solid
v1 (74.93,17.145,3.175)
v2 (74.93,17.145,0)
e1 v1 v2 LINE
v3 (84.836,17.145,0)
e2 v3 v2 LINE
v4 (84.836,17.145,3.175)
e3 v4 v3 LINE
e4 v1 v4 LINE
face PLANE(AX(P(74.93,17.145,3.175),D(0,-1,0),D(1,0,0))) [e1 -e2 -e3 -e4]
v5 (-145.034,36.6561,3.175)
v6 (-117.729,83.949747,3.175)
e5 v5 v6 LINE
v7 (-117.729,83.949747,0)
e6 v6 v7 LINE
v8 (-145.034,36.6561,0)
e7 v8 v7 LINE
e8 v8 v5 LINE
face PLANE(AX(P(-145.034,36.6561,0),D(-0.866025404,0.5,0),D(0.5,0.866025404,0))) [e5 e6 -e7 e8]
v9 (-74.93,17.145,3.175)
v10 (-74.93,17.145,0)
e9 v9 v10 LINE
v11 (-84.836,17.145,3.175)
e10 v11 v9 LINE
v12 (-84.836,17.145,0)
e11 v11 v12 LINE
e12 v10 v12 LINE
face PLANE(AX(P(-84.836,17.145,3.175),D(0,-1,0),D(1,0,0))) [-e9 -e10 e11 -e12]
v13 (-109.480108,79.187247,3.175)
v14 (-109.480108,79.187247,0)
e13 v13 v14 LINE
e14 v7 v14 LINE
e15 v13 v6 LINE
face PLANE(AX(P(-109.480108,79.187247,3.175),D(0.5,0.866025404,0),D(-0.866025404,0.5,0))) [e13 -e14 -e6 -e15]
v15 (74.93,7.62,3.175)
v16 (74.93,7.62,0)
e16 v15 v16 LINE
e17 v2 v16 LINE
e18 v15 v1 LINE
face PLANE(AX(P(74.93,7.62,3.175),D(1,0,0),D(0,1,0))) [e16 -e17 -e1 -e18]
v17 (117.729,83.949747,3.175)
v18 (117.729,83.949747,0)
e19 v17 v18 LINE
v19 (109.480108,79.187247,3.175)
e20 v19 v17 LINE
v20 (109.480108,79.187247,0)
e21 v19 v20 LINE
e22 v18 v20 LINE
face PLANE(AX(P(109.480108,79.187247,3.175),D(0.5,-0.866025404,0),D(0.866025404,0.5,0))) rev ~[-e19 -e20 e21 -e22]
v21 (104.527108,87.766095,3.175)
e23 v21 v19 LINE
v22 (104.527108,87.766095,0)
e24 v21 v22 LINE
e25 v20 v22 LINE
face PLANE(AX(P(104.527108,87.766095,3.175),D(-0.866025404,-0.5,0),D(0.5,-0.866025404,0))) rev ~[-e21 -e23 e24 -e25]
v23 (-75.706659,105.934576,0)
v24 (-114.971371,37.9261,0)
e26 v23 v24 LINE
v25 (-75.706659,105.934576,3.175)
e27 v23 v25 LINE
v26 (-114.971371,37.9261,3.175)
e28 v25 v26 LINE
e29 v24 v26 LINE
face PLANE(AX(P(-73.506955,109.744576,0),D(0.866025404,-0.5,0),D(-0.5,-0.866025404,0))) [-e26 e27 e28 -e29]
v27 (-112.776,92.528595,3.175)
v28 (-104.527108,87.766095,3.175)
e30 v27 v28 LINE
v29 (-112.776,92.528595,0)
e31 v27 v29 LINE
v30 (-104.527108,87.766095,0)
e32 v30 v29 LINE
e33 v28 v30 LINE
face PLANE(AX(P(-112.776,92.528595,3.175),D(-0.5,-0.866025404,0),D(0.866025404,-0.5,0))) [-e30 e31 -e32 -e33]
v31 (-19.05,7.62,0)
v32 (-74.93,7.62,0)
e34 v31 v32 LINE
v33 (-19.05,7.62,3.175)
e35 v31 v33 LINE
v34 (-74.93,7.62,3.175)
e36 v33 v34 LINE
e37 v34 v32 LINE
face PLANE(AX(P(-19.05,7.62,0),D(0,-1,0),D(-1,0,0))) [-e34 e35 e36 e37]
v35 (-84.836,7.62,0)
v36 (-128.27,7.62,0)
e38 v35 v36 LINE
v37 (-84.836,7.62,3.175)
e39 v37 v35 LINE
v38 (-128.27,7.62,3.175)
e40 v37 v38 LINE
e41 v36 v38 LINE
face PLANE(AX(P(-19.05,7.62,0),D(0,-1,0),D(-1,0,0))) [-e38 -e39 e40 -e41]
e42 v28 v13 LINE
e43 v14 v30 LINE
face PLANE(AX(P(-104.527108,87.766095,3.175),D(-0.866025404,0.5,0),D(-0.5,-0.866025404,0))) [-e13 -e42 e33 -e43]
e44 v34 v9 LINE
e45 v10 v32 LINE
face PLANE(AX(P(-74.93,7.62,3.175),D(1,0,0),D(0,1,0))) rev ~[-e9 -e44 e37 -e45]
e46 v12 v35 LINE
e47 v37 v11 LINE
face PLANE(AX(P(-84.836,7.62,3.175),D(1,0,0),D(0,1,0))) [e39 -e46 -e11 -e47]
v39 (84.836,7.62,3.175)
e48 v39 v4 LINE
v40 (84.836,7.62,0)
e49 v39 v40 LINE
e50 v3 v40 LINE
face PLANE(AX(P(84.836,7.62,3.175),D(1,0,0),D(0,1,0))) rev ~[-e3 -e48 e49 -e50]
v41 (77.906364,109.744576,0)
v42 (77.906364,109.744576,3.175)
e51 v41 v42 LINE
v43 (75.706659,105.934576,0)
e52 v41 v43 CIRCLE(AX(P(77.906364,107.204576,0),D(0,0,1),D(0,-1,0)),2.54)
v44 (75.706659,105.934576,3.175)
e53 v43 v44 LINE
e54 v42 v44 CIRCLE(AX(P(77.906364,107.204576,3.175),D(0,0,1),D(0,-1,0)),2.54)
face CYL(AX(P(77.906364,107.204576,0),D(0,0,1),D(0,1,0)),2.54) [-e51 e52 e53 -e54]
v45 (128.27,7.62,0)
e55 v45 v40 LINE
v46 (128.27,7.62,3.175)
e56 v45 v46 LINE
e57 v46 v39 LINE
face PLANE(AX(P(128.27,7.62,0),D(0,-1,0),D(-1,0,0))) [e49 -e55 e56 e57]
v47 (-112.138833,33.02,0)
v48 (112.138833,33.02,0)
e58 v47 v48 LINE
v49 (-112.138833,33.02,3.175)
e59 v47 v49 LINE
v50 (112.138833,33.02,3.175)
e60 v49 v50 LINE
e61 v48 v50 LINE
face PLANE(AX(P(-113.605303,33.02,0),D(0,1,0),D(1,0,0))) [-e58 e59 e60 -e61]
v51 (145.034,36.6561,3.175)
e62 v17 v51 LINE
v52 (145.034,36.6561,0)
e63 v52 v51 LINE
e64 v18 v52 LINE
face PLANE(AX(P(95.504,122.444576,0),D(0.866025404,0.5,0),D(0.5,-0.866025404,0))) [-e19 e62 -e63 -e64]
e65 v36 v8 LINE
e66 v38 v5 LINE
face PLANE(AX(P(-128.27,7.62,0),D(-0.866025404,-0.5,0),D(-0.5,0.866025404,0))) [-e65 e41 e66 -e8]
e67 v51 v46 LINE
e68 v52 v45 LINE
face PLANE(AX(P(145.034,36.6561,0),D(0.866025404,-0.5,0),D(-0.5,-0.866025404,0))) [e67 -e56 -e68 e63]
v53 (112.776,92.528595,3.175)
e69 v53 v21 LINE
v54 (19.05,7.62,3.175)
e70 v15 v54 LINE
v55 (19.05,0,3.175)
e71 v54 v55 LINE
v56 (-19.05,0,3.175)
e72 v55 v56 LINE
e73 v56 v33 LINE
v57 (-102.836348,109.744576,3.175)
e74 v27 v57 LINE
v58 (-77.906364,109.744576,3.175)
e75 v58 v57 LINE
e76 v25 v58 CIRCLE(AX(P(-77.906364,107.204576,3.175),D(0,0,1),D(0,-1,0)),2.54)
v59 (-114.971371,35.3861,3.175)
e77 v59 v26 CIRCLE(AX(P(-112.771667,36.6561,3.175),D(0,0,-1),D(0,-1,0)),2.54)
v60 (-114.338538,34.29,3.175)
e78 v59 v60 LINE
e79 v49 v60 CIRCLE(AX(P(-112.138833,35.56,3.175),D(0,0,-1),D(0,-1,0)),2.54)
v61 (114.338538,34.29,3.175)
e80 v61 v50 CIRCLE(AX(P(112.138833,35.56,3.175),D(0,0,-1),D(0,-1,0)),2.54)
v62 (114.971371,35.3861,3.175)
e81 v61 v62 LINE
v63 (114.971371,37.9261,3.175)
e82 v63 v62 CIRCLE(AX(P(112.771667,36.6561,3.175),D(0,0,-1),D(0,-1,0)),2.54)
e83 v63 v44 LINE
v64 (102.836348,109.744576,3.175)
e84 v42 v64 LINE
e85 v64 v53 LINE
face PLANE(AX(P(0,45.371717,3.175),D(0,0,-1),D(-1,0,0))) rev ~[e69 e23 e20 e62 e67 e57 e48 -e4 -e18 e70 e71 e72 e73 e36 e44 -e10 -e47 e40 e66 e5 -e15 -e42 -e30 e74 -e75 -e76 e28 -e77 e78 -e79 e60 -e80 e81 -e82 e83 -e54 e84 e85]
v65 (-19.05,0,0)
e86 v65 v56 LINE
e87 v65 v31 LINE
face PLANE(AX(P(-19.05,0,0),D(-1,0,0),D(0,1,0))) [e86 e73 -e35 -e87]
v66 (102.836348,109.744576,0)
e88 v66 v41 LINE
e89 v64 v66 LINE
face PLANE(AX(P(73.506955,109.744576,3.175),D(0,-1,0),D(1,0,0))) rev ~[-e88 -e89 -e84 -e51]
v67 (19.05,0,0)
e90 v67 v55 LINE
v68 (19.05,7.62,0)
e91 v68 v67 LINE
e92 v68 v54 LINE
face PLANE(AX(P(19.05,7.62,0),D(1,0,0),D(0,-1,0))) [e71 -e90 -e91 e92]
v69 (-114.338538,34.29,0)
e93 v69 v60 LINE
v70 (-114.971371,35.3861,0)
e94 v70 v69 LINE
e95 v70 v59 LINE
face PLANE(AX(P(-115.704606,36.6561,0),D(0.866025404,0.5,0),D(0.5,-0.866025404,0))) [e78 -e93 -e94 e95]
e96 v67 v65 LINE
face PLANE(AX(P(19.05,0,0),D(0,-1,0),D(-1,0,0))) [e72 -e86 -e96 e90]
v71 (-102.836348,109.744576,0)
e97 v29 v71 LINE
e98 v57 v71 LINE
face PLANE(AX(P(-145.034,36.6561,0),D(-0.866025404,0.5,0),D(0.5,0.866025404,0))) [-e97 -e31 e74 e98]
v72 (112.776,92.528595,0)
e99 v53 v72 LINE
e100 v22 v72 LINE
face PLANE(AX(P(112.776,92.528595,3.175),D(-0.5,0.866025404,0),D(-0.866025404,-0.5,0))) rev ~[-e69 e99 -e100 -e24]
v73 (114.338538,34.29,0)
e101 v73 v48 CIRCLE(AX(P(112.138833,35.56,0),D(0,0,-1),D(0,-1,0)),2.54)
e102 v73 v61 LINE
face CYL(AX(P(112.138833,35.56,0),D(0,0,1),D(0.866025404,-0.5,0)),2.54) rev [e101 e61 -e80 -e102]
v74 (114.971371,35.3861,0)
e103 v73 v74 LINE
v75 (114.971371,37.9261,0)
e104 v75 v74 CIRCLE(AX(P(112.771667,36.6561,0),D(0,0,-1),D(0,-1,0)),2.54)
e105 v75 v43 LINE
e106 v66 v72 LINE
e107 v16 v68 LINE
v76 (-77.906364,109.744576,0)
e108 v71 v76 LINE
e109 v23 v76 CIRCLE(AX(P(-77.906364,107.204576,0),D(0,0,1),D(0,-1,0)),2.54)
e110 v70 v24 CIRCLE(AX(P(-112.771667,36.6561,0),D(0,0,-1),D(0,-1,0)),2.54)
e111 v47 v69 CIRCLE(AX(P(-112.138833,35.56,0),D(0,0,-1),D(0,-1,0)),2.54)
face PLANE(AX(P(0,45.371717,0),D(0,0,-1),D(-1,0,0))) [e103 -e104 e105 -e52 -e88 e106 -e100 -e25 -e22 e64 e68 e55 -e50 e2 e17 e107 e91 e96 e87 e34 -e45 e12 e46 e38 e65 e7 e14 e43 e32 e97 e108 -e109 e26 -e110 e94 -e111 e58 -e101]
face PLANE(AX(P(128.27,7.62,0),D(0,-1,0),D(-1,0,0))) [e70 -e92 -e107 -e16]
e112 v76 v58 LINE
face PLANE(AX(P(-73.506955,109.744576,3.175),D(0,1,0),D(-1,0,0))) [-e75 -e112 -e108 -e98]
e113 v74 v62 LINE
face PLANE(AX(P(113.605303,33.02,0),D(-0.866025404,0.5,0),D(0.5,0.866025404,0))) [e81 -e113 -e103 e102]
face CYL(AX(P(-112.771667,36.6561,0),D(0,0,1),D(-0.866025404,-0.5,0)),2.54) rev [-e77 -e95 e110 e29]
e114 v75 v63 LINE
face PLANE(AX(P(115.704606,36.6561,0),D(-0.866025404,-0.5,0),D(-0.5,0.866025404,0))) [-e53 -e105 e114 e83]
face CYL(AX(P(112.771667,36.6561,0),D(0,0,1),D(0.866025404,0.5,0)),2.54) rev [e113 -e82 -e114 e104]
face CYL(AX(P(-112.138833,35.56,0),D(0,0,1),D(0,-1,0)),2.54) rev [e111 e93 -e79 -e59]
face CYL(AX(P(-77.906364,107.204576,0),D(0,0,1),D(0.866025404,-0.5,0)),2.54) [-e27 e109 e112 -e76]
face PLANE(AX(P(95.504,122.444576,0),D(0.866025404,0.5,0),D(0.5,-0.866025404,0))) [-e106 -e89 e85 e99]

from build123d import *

# Parameters (mm, degrees)
BOSS_EXTRUDE1_DEPTH = 3.175
SKETCH2_W           = 9.906
SKETCH2_H           = 9.525
CUT_EXTRUDE1_DEPTH  = 190.835760674
FILLET1_R           = 2.54


with BuildPart() as part:
    # Sketch1 → Boss-Extrude1 (new body)
    with BuildSketch(Plane.XY):
        Polygon((19.05, 0), (-19.05, 0), (-19.05, 7.62), (-128.27, 7.62), (-145.034, 36.656099738), (-95.504, 122.444576237), (-73.506954744, 109.744576237), (-115.704606325, 36.656099738), (-113.605303163, 33.02), (113.605303163, 33.02), (115.704606325, 36.656099738), (73.506954744, 109.744576237), (95.504, 122.444576237), (145.034, 36.656099738), (128.27, 7.62), (19.05, 7.62), align=None)
    extrude(amount=BOSS_EXTRUDE1_DEPTH)

    # Sketch2 → Cut-Extrude1 (cut, through all)
    with BuildSketch(Plane.XY.offset(3.175)):
        with Locations((-79.883, 12.3825)):
            Rectangle(SKETCH2_W, SKETCH2_H)
        Polygon((-112.776, 92.528594689), (-104.527108029, 87.766094689), (-109.480108029, 79.187247039), (-117.729, 83.949747039), align=None)
        Polygon((-73.506954744, 109.744576237), (-102.836348419, 109.744576237), (-95.504, 122.444576237), align=None)
        Polygon((95.504, 122.444576237), (73.506954744, 109.744576237), (102.836348419, 109.744576237), align=None)
        Polygon((117.729, 83.949747039), (112.776, 92.528594689), (104.527108029, 87.766094689), (109.480108029, 79.187247039), align=None)
        with Locations((79.883, 12.3825)):
            Rectangle(SKETCH2_W, SKETCH2_H)
    extrude(amount=-CUT_EXTRUDE1_DEPTH, mode=Mode.SUBTRACT)

    # Fillet1
    fillet1_edges = [part.edges().sort_by_distance(p)[0] for p in [
        (-113.605303163, 33.02, 1.5875),
        (113.605303163, 33.02, 1.5875),
        (115.704606325, 36.656099738, 1.5875),
        (73.506954744, 109.744576237, 1.5875),
        (-73.506954744, 109.744576237, 1.5875),
        (-115.704606325, 36.656099738, 1.5875),
    ]]
    fillet(fillet1_edges, radius=FILLET1_R)


solid = part.part
